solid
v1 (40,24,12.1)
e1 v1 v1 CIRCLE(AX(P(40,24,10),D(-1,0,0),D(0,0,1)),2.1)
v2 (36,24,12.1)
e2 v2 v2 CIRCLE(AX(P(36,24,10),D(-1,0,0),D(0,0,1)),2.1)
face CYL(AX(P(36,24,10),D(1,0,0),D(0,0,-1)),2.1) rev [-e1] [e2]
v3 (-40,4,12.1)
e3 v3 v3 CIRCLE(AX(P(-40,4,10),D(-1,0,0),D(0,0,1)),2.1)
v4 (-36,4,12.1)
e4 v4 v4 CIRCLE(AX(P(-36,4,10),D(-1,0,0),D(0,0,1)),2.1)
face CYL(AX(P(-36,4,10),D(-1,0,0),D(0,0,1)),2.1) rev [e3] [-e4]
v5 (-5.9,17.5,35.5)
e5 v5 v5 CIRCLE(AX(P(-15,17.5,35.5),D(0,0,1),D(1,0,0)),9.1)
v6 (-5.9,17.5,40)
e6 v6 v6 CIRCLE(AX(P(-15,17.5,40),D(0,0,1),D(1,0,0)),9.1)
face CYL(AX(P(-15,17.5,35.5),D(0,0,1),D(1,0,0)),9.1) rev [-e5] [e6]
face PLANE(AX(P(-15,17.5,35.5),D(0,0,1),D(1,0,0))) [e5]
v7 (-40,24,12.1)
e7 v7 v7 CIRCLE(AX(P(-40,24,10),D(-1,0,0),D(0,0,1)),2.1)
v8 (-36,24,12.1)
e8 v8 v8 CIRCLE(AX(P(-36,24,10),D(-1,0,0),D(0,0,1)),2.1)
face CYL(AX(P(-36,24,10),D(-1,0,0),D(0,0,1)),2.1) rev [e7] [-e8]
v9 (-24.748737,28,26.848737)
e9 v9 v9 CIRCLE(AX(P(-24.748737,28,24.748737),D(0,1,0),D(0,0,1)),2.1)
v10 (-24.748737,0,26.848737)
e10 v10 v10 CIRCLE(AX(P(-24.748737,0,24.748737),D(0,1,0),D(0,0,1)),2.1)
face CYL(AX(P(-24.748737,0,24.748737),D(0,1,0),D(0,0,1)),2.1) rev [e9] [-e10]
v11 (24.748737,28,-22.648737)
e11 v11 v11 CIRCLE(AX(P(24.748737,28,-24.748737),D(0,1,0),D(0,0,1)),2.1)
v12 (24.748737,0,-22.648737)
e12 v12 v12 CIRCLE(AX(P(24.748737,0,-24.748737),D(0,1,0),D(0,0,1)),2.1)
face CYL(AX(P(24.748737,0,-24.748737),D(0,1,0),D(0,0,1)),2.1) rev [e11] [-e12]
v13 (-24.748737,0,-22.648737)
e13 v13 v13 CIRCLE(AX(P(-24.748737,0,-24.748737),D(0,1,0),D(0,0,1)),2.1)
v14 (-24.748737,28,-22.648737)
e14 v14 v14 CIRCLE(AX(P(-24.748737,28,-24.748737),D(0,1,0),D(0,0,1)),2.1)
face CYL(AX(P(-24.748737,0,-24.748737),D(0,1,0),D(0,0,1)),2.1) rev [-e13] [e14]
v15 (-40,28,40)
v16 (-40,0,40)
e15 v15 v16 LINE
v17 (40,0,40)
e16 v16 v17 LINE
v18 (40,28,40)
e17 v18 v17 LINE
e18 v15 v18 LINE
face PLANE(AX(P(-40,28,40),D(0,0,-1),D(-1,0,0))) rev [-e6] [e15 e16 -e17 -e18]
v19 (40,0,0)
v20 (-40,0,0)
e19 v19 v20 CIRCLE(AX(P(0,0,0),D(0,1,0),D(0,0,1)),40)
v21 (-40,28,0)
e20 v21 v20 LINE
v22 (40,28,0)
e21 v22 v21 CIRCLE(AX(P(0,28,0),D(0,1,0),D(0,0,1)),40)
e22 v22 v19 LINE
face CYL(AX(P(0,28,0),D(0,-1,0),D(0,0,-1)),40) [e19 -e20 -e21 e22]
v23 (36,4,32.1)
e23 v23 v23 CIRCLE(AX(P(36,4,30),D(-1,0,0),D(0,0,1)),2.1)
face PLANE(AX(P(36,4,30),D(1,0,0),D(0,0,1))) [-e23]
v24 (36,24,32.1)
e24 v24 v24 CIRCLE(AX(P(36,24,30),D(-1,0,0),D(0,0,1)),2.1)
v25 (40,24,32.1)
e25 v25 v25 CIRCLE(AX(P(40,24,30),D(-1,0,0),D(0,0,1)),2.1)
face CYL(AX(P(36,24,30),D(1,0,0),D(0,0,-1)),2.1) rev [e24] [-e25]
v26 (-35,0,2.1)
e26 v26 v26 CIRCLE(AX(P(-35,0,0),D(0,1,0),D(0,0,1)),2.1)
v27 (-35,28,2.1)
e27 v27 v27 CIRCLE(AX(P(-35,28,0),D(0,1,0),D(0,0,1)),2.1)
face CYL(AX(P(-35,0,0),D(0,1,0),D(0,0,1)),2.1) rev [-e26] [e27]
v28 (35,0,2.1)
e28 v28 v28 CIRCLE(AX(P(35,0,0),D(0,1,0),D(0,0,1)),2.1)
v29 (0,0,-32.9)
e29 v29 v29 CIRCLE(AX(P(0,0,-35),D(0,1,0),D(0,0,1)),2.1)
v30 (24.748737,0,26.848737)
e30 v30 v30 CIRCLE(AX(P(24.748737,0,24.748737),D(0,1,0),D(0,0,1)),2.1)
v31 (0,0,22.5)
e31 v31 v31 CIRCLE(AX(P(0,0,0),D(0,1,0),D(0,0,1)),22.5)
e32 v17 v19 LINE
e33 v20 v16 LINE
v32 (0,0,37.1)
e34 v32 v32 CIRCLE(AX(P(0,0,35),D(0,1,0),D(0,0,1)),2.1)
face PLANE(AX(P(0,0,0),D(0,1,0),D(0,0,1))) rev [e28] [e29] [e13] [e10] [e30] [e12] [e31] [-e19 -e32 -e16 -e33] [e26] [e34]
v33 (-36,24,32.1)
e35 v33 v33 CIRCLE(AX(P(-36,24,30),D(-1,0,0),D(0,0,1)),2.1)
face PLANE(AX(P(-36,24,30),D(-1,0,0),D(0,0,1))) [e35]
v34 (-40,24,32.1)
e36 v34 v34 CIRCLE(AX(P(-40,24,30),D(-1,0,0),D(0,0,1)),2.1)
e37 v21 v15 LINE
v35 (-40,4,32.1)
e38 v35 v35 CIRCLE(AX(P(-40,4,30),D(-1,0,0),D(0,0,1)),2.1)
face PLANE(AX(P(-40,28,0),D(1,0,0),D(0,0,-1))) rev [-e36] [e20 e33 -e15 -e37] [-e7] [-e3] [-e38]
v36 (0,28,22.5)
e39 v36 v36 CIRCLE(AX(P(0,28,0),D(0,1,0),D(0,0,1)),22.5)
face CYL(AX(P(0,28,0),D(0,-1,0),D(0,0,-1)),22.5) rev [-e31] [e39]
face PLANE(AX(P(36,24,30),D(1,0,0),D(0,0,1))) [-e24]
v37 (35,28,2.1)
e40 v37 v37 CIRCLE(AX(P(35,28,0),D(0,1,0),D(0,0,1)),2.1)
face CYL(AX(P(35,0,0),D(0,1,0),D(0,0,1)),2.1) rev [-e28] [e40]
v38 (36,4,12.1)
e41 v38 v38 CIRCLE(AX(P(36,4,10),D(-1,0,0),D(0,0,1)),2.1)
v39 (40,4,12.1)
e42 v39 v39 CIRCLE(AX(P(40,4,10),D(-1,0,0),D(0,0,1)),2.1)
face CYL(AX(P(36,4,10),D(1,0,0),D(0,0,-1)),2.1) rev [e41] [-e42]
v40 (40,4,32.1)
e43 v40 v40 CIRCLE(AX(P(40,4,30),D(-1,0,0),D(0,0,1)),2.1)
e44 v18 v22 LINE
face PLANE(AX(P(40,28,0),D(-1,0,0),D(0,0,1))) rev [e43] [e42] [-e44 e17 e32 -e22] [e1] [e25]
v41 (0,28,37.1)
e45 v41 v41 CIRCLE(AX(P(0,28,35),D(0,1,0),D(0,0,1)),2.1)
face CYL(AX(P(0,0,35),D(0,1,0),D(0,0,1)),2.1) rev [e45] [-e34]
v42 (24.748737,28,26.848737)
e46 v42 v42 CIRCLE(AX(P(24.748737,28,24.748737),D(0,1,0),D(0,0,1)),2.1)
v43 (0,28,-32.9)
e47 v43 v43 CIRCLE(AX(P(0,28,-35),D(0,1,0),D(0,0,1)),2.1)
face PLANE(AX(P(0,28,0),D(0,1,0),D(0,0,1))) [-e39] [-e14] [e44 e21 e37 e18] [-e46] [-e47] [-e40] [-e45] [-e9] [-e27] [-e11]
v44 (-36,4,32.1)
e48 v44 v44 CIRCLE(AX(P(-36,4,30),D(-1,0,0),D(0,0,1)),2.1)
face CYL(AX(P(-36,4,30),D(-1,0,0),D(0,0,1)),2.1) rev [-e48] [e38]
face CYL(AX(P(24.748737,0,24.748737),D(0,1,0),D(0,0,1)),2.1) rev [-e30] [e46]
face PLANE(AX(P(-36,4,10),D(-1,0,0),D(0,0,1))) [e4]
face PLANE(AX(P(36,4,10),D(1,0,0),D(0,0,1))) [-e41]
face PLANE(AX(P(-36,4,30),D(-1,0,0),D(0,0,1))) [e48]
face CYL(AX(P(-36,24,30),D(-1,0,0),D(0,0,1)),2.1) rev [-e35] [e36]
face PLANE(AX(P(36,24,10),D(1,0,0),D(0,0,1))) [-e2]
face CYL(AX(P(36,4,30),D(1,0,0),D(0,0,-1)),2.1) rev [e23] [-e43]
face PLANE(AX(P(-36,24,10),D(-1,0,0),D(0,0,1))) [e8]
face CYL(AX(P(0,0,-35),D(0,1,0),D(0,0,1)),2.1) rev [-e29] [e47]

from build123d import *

# Parameters (mm, degrees)
SKETCH_1_R          = 22.5
EXTRUDE_1_DEPTH     = 28
SKETCH_2_R          = 2.1
CUT_EXTRUDE_1_DEPTH = 64.118935352
SKETCH_6_R          = 9.1
CUT_EXTRUDE_2_DEPTH = 4.5
SKETCH_7_R          = 2.1
CUT_EXTRUDE_3_DEPTH = 4


with BuildPart() as part:
    # 草图1 → 凸台-拉伸1 (new body)
    with BuildSketch(Plane(origin=(0, 0, 0), x_dir=(1, 0, 0), z_dir=(0, 1, 0))):
        with BuildLine():
            Line((-40, 0), (-40, -40))
            Line((-40, -40), (40, -40))
            Line((40, -40), (40, 0))
            ThreePointArc((40, 0), (0, 40), (-40, 0))
        make_face()
        with Locations(Location((0, 0, 0), (0, 0, 270))):
            Circle(SKETCH_1_R, mode=Mode.SUBTRACT)
    extrude(amount=EXTRUDE_1_DEPTH)

    # 草图2 → 切除-拉伸1 (cut, through all)
    with BuildSketch(Plane(origin=(0, 28, 0), x_dir=(1, 0, 0), z_dir=(0, 1, 0))):
        with Locations(Location((0, 35, 0), (0, 0, 270))):
            Circle(SKETCH_2_R)
        with Locations(Location((24.748737342, 24.748737342, 0), (0, 0, 270))):
            Circle(SKETCH_2_R)
        with Locations(Location((35, 0, 0), (0, 0, 270))):
            Circle(SKETCH_2_R)
        with Locations(Location((24.748737342, -24.748737342, 0), (0, 0, 270))):
            Circle(SKETCH_2_R)
        with Locations(Location((0, -35, 0), (0, 0, 270))):
            Circle(SKETCH_2_R)
        with Locations(Location((-24.748737342, -24.748737342, 0), (0, 0, 270))):
            Circle(SKETCH_2_R)
        with Locations(Location((-35, 0, 0), (0, 0, 270))):
            Circle(SKETCH_2_R)
        with Locations(Location((-24.748737342, 24.748737342, 0), (0, 0, 270))):
            Circle(SKETCH_2_R)
    extrude(amount=-CUT_EXTRUDE_1_DEPTH, mode=Mode.SUBTRACT)

    # 草图6 → 切除-拉伸2 (cut)
    with BuildSketch(Plane.XY.offset(40)):
        with Locations((-15, 17.5)):
            Circle(SKETCH_6_R)
    extrude(amount=-CUT_EXTRUDE_2_DEPTH, mode=Mode.SUBTRACT)

    # 草图7 → 切除-拉伸3 (cut)
    with BuildSketch(Plane.ZY.offset(40)):
        with Locations((10, 24)):
            Circle(SKETCH_7_R)
        with Locations((30, 24)):
            Circle(SKETCH_7_R)
        with Locations((10, 4)):
            Circle(SKETCH_7_R)
        with Locations((30, 4)):
            Circle(SKETCH_7_R)
    cut_extrude_3 = extrude(amount=-CUT_EXTRUDE_3_DEPTH, mode=Mode.SUBTRACT)

    # 镜向1: 切除-拉伸3 across plane
    add(cut_extrude_3.mirror(Plane.ZY), mode=Mode.SUBTRACT)


solid = part.part
